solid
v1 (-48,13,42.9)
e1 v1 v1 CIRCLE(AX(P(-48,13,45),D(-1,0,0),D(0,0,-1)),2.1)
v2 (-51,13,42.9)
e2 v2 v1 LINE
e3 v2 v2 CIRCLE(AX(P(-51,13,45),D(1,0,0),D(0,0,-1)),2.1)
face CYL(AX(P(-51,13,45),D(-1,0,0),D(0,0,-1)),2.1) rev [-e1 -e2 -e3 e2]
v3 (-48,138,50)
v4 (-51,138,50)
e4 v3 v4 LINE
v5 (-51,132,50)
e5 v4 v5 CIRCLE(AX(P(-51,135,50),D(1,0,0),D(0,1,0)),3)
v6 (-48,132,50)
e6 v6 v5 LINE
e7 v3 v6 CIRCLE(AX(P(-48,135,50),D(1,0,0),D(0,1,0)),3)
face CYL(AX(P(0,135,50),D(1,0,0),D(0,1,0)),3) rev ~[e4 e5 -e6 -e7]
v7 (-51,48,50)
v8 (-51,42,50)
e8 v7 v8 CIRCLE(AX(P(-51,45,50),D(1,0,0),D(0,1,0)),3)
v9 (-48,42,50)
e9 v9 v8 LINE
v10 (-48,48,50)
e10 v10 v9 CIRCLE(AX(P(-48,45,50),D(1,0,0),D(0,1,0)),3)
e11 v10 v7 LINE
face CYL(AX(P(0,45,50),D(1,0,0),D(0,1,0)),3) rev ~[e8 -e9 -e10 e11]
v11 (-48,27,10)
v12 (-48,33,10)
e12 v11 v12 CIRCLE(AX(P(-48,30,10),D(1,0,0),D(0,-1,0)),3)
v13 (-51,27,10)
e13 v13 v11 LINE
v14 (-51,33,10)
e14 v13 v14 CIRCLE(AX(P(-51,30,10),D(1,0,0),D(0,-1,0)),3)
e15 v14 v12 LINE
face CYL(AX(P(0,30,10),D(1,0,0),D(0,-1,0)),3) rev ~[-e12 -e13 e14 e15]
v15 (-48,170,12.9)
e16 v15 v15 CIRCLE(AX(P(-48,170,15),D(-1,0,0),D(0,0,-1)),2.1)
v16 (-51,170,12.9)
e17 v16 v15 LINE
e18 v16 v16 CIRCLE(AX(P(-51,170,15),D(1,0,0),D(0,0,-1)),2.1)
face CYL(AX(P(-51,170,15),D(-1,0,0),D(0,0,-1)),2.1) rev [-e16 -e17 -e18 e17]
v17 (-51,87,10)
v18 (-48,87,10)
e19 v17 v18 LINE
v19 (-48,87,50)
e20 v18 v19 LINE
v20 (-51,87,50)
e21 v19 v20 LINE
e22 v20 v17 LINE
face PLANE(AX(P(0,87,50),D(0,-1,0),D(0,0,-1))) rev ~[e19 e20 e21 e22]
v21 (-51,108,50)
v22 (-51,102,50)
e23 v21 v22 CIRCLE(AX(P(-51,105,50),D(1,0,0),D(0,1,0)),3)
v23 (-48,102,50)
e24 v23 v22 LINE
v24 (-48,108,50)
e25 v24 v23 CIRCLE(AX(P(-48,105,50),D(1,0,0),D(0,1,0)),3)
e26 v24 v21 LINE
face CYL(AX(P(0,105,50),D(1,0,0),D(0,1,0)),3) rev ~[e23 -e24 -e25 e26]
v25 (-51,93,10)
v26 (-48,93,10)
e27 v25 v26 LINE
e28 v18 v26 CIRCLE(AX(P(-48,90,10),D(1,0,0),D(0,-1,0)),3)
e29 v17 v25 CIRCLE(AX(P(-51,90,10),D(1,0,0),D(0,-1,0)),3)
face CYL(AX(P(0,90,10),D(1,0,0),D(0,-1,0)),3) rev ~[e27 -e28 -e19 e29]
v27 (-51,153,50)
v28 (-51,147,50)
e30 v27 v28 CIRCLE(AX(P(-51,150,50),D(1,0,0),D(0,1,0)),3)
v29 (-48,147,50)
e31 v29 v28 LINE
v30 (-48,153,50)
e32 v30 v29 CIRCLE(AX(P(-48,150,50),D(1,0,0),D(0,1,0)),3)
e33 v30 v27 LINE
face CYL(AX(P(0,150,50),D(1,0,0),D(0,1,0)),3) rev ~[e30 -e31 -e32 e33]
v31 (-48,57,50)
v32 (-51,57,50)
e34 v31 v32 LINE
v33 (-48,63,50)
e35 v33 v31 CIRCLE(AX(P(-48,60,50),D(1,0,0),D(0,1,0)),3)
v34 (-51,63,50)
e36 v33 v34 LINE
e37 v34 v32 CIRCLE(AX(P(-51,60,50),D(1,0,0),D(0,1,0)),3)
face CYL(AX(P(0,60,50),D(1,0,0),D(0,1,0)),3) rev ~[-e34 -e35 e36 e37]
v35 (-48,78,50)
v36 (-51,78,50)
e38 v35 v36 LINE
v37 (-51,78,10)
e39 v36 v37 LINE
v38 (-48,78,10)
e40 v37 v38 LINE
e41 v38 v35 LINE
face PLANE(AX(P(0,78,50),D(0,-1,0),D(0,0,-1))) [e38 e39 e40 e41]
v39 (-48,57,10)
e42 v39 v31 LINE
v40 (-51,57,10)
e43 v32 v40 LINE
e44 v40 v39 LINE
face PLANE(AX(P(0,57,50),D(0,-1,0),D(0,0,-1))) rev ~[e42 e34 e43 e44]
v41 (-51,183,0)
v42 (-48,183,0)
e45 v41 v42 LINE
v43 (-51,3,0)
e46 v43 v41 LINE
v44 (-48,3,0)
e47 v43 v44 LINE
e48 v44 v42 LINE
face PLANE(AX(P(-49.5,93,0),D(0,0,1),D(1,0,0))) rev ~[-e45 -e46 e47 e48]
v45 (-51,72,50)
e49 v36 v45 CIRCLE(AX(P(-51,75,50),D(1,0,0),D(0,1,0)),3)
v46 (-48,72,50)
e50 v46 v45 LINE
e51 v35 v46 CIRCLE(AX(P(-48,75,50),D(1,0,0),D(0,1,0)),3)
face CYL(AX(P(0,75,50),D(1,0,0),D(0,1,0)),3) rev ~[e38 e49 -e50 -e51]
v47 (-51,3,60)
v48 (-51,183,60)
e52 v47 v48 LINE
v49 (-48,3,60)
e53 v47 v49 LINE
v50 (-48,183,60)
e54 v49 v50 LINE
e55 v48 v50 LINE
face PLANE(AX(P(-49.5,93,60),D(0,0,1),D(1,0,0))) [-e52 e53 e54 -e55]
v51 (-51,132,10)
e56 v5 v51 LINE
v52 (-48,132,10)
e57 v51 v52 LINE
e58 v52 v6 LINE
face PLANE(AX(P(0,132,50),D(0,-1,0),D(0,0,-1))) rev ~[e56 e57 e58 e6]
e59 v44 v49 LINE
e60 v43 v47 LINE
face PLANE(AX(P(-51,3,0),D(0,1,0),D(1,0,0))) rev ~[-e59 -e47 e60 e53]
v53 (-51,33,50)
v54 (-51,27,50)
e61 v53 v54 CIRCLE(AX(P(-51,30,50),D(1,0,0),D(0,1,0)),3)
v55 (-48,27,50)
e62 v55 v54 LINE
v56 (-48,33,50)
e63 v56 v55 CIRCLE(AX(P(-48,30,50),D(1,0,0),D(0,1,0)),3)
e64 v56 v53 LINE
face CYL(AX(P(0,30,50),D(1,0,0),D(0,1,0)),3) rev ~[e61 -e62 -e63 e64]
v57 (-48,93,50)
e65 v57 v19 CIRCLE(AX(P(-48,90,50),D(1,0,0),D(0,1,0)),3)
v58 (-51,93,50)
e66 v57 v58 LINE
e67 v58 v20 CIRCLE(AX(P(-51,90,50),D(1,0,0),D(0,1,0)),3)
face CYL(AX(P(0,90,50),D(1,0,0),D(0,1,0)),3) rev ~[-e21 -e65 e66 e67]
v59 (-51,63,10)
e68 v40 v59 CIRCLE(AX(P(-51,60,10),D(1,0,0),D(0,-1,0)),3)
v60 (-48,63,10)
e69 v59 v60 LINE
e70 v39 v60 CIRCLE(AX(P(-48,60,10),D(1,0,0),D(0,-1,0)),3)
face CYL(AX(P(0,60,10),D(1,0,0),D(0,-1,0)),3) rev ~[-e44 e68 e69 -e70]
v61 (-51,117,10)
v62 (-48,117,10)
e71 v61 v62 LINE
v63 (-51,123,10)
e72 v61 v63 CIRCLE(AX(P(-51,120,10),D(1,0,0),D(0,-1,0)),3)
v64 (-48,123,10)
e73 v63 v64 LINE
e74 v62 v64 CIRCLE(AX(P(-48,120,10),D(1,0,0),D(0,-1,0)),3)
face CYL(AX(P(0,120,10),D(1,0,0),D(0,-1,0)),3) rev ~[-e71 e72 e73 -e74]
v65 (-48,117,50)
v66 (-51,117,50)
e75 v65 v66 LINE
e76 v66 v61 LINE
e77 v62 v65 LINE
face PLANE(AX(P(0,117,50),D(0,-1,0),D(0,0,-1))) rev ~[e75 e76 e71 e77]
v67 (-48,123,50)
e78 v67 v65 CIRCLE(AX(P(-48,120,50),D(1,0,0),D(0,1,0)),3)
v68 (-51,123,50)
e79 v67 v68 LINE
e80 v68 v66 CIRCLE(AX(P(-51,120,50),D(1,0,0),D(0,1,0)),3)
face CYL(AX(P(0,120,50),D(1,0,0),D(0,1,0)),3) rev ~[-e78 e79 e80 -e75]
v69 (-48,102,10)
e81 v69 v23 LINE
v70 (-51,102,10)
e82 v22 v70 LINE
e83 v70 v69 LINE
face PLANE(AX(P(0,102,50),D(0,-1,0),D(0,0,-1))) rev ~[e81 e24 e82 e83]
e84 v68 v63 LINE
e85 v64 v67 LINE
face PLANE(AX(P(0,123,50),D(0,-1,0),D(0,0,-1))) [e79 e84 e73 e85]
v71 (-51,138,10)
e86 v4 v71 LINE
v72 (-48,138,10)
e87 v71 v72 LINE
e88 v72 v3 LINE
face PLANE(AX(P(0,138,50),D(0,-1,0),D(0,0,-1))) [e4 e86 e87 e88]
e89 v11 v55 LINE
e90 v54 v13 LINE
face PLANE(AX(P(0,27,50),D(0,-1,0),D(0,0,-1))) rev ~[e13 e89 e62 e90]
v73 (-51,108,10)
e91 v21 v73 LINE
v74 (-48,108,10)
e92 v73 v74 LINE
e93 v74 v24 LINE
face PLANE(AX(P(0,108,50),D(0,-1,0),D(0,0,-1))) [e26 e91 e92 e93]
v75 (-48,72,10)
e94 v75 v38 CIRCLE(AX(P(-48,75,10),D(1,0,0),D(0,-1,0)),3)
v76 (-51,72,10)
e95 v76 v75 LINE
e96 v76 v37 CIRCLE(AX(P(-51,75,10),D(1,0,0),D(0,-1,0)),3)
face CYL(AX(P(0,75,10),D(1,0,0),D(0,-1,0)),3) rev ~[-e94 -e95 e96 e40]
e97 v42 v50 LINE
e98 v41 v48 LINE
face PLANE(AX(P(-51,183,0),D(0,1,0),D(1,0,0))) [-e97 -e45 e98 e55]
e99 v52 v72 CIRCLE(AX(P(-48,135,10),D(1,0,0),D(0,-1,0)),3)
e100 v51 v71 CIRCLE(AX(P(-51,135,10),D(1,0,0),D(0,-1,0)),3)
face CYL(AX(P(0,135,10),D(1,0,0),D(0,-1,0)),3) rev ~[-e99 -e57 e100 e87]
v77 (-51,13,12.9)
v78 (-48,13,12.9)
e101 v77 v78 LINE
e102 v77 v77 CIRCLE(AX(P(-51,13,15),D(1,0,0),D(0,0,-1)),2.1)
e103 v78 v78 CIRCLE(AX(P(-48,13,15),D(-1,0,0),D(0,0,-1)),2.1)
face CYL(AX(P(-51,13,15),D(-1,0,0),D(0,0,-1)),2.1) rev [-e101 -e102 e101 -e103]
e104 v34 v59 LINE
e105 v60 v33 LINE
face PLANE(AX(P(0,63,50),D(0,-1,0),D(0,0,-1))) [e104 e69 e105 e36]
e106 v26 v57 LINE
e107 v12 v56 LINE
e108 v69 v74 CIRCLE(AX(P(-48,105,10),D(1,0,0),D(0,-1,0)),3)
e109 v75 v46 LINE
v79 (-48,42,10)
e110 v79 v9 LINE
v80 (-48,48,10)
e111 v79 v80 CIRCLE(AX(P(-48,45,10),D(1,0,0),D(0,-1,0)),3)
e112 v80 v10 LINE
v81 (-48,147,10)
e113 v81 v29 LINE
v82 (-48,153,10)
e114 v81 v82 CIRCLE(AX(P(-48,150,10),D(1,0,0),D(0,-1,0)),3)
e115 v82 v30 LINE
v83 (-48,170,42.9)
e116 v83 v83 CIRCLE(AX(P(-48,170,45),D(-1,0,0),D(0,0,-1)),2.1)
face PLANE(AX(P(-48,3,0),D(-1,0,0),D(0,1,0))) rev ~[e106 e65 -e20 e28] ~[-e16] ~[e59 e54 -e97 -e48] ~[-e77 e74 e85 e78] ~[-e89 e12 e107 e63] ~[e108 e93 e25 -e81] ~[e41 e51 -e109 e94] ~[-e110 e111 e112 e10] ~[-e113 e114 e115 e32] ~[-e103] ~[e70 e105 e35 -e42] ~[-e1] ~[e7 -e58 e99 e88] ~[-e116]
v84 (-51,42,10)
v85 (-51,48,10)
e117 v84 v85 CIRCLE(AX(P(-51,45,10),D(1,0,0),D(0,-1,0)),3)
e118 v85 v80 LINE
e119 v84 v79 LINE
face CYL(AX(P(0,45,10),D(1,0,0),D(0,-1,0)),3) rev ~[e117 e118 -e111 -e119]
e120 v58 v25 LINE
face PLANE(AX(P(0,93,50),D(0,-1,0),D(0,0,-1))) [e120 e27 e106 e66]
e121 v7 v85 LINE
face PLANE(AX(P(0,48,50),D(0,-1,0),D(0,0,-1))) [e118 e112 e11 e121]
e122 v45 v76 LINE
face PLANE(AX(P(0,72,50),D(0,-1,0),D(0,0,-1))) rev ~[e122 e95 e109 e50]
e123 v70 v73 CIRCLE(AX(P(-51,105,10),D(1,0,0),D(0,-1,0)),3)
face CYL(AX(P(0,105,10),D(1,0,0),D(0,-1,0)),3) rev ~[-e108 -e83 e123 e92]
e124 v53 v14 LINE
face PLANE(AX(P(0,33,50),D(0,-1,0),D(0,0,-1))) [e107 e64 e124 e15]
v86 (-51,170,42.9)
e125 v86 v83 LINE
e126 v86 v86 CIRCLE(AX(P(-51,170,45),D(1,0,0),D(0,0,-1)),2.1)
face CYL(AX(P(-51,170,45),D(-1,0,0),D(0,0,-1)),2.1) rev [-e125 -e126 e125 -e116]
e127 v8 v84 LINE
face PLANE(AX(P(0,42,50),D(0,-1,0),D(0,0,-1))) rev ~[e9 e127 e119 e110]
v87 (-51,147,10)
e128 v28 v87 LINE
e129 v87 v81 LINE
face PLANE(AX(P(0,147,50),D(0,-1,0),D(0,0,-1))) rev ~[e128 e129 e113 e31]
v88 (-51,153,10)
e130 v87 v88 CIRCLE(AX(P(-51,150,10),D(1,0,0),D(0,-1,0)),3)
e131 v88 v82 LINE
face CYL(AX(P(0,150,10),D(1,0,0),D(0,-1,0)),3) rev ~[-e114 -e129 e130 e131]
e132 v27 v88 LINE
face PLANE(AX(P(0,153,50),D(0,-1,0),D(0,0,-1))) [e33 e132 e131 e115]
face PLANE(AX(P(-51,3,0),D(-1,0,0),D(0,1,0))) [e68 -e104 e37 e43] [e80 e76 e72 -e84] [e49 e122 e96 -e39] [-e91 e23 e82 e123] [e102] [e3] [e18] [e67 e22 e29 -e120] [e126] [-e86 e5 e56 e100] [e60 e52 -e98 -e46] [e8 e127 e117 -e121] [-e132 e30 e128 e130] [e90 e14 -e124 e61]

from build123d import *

# Parameters (mm, degrees)
EXTRUDE001_DEPTH  = 51
ARRAY002_Y_COUNT  = 9
ARRAY002_Y_PITCH  = 15
CYLINDER003_R     = 2.1
CYLINDER003_DEPTH = 102
ARRAY001_Y_COUNT  = 2
ARRAY001_Y_PITCH  = 157
ARRAY001_Z_COUNT  = 2
ARRAY001_Z_PITCH  = 30
BOX003_W          = 3
BOX003_H          = 180
BOX003_DEPTH      = 60


with BuildPart() as side_vent_array:
    # Sketch001 → Extrude001 (new body, symmetric)
    with BuildSketch(Plane.YZ):
        with BuildLine():
            Line((-3, 50), (-3, 10))
            ThreePointArc((-3, 10), (0, 7), (3, 10))
            Line((3, 50), (3, 10))
            ThreePointArc((3, 50), (0, 53), (-3, 50))
        make_face()
    extrude(amount=EXTRUDE001_DEPTH, both=True)

    # Array002 Y: side vent array ×9


with BuildPart() as side_vent_array_1:
    add(side_vent_array.part)
    with Locations(*[(0, i * ARRAY002_Y_PITCH, 0) for i in range(1, ARRAY002_Y_COUNT)]):
        add(side_vent_array.part)


with BuildPart() as side_vent_array_2:
    # Array002 placement: moved
    add(side_vent_array_1.part.moved(Location((0, 30, 0))))


with BuildPart() as side_hole_fusion:
    # Cylinder003 → Cylinder003 (new body)
    with BuildSketch(Plane(origin=(-51, 13, 15), x_dir=(0, 0, -1), z_dir=(1, 0, 0))):
        Circle(CYLINDER003_R)
    extrude(amount=CYLINDER003_DEPTH)

    # Array001 Y: side hole fusion ×2


with BuildPart() as side_hole_fusion_1:
    add(side_hole_fusion.part)
    with Locations(*[(0, i * ARRAY001_Y_PITCH, 0) for i in range(1, ARRAY001_Y_COUNT)]):
        add(side_hole_fusion.part)

    # Array001 Z: side hole fusion ×2


with BuildPart() as side_hole_fusion_2:
    add(side_hole_fusion_1.part)
    with Locations(*[(0, 0, i * ARRAY001_Z_PITCH) for i in range(1, ARRAY001_Z_COUNT)]):
        add(side_hole_fusion_1.part)

    # Fusion001: union side vent array
    add(side_vent_array_2.part)


with BuildPart() as psu_side_cut:
    # Box003 → Box003 (new body)
    with BuildSketch(Plane(origin=(-51, 3, 0), x_dir=(1, 0, 0), z_dir=(0, 0, 1))):
        with Locations((1.5, 90)):
            Rectangle(BOX003_W, BOX003_H)
    extrude(amount=BOX003_DEPTH)

    # Cut002: cut side hole fusion
    add(side_hole_fusion_2.part, mode=Mode.SUBTRACT)


solid = psu_side_cut.part
